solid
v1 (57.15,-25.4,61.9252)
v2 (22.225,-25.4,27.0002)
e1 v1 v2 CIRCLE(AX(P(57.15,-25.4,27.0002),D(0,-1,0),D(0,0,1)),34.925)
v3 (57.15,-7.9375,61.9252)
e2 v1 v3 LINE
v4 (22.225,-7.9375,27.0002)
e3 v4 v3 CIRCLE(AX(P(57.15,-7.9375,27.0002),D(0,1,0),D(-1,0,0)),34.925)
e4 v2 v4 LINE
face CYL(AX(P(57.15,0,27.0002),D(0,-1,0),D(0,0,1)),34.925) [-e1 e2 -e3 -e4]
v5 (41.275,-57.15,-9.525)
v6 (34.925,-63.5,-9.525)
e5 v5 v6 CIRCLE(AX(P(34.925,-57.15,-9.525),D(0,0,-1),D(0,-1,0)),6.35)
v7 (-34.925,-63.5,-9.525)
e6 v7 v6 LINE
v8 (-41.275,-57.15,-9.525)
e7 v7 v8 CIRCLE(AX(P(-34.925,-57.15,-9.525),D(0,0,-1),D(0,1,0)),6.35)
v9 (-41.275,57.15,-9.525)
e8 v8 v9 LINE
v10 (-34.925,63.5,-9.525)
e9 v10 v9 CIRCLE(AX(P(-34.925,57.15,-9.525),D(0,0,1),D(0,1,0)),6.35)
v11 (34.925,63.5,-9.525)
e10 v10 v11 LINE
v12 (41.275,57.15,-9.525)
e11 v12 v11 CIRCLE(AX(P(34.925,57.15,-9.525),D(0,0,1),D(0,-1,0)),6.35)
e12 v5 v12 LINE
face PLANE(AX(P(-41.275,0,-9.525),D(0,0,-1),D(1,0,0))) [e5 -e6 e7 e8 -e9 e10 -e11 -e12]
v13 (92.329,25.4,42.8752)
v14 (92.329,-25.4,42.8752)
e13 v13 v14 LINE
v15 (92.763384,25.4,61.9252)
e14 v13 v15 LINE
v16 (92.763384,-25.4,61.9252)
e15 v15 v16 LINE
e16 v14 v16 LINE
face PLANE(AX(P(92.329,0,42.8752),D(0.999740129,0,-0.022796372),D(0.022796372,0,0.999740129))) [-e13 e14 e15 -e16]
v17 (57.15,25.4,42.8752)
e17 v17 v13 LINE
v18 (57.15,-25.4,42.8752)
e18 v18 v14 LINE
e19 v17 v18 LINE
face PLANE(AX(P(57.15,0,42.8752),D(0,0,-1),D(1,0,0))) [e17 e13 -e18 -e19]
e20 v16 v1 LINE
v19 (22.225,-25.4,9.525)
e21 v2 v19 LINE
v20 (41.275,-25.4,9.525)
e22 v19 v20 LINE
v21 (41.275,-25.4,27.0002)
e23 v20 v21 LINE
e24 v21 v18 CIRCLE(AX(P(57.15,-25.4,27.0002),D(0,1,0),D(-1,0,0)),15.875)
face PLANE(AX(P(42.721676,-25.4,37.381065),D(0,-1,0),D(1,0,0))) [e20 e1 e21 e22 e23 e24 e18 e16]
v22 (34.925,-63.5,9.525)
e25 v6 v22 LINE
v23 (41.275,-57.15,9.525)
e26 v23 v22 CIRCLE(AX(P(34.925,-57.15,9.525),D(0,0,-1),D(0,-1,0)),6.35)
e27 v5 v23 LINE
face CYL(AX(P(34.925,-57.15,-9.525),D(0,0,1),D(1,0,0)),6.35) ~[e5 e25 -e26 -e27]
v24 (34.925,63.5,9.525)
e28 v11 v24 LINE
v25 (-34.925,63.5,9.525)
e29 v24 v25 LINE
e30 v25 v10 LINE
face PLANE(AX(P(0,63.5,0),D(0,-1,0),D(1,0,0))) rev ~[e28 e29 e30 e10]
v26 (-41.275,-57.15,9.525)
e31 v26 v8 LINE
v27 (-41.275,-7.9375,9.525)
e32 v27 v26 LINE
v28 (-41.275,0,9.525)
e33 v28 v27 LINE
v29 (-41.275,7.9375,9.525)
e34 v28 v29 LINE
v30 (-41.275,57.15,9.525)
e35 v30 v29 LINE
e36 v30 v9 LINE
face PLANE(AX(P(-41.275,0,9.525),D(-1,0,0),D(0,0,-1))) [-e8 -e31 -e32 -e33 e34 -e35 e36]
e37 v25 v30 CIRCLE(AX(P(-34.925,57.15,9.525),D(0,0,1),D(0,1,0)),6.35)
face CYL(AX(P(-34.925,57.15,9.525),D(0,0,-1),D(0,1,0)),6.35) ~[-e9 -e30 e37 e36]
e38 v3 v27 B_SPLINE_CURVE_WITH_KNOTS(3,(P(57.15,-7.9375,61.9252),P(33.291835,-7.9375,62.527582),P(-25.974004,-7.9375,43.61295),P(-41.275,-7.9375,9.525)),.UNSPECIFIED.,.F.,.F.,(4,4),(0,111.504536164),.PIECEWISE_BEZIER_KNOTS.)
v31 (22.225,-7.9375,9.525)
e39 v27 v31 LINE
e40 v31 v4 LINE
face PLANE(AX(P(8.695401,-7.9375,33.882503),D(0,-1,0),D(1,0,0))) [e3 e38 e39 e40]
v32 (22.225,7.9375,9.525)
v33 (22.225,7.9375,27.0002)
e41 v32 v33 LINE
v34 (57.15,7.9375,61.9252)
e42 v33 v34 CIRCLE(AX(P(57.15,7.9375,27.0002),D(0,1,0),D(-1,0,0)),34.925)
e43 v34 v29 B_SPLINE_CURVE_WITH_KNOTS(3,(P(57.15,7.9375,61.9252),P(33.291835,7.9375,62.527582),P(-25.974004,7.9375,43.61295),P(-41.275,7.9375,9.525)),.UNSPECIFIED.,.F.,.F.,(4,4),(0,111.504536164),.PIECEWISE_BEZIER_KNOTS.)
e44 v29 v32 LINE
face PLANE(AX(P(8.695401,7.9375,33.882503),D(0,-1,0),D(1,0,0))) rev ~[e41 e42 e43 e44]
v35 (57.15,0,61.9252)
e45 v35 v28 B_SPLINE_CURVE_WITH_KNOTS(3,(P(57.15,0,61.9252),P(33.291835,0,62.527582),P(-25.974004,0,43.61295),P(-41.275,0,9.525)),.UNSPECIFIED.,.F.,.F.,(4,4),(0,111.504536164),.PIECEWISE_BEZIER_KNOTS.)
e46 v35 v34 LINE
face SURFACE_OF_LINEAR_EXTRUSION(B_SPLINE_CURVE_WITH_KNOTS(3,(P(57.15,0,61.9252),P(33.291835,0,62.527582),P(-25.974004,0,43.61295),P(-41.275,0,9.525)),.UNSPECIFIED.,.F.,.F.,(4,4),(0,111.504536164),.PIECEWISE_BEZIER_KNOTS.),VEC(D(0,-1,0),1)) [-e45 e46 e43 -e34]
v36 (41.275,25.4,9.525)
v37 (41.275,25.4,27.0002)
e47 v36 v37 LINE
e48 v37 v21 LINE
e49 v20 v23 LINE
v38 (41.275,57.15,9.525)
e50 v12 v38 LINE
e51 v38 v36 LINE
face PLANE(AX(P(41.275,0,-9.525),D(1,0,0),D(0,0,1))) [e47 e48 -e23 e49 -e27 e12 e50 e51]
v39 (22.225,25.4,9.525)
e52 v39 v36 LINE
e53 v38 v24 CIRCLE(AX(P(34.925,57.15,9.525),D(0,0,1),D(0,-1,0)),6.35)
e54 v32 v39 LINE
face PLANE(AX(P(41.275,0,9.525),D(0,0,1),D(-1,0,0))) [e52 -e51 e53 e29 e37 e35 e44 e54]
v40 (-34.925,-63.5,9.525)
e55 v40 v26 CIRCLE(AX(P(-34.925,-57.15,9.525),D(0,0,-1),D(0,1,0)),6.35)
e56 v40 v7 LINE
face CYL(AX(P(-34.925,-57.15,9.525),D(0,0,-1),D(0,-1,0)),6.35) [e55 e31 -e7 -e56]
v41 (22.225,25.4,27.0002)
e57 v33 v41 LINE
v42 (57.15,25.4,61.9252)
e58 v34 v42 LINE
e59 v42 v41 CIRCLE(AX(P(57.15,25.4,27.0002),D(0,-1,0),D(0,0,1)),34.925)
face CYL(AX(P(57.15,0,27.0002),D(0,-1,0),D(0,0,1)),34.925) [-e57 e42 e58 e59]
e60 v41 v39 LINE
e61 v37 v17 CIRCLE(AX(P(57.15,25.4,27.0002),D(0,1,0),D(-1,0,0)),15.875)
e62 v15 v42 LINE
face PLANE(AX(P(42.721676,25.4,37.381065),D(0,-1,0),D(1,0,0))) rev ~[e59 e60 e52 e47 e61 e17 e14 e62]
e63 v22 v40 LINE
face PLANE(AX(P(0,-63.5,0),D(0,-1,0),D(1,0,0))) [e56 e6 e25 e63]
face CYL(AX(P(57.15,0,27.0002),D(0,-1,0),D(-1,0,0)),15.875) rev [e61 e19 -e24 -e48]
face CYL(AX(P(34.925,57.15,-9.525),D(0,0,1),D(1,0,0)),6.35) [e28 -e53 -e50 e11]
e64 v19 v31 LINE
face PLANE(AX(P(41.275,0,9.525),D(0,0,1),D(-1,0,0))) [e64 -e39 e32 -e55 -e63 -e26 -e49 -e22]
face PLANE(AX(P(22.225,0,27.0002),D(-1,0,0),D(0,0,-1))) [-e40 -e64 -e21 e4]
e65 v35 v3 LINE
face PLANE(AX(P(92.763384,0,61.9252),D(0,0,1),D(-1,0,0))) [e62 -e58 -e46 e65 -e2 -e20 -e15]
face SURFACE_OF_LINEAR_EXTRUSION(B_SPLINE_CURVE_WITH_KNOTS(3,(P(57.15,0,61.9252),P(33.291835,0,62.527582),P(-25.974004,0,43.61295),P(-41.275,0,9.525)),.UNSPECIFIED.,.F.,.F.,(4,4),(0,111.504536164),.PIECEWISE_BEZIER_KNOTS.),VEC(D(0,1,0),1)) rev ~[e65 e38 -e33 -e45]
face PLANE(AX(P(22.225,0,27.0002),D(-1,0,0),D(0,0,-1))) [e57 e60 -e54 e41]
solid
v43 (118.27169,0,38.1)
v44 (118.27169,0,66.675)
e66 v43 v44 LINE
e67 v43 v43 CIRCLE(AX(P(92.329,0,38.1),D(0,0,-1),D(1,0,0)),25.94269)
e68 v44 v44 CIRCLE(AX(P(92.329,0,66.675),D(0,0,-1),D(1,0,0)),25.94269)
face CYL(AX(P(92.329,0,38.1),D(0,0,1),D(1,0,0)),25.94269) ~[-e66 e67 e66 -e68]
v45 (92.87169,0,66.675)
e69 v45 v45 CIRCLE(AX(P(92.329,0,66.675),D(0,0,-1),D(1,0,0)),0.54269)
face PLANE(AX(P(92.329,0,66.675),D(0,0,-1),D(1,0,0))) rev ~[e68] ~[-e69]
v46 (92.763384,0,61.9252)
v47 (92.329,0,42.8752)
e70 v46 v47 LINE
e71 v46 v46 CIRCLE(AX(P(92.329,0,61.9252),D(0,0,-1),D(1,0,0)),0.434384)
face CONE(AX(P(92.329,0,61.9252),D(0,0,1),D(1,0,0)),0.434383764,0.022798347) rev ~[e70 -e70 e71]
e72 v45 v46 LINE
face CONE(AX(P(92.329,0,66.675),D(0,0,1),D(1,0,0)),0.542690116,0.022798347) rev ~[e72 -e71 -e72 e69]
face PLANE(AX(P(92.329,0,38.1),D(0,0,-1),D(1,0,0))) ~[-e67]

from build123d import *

# Parameters (mm, degrees)
F1_DEPTH = 63.5
F2_DEPTH = 25.4
F3_DEPTH = 7.9375
F5_R     = 6.35


with BuildPart() as f1:
    # F0 (on Front) → F1 (new body, symmetric)
    with BuildSketch(Plane.XZ):
        Polygon((41.275, -9.525), (41.275, 9.525), (22.225, 9.525), (-41.275, 9.525), (-41.275, -9.525), align=None)
    extrude(amount=F1_DEPTH, both=True)

    # F0 (on Front) → F2 (join, symmetric)
    with BuildSketch(Plane.XZ):
        with BuildLine():
            Line((22.225, 9.525), (41.275, 9.525))
            Line((41.275, 9.525), (41.275, 27.0002))
            ThreePointArc((41.275, 27.0002), (45.9246798487, 38.2255201513), (57.15, 42.8752))
            Line((57.15, 42.8752), (67.4716901156, 42.8752))
            Line((67.4716901156, 42.8752), (67.4716901156, 61.9252))
            Line((67.4716901156, 61.9252), (57.15, 61.9252))
            ThreePointArc((57.15, 61.9252), (32.4542956671, 51.6959043329), (22.225, 27.0002))
            Line((22.225, 27.0002), (22.225, 9.525))
        make_face()
        Polygon((67.4716901156, 61.9252), (67.4716901156, 42.8752), (92.329, 42.8752), (92.7633837638, 61.9252), align=None)
    extrude(amount=F2_DEPTH, both=True)

    # F0 (on Front) → F3 (join, symmetric)
    with BuildSketch(Plane.XZ):
        with BuildLine():
            Line((-41.275, 9.525), (22.225, 9.525))
            Line((22.225, 9.525), (22.225, 27.0002))
            ThreePointArc((22.225, 27.0002), (32.4542956671, 51.6959043329), (57.15, 61.9252))
            add(Edge.make_bspline(
                [(57.15, 61.9252), (33.2918353379, 62.5275820494), (-25.9740035981, 43.6129495502), (-41.275, 9.525)],
                knots=[0, 0, 0, 0, 111.5045361635, 111.5045361635, 111.5045361635, 111.5045361635], degree=3))
        make_face()
    extrude(amount=F3_DEPTH, both=True)

    # F5
    f5_edges = [f1.edges().sort_by_distance(p)[0] for p in [
        (41.275, -63.5, 0),
        (-41.275, -63.5, 0),
        (-41.275, 63.5, 0),
        (41.275, 63.5, 0),
    ]]
    fillet(f5_edges, radius=F5_R)


with BuildPart() as f4:
    # F0 (on Front) → F4 (revolve)
    with BuildSketch(Plane.XZ):
        Polygon((92.7633837638, 61.9252), (92.329, 42.8752), (92.329, 38.1), (118.2716901156, 38.1), (118.2716901156, 66.675), (92.8716901156, 66.675), align=None)
    revolve(axis=Axis((92.329, 0, 40.4876), (0, 0, -1)))


solid = Compound([f1.part, f4.part])
